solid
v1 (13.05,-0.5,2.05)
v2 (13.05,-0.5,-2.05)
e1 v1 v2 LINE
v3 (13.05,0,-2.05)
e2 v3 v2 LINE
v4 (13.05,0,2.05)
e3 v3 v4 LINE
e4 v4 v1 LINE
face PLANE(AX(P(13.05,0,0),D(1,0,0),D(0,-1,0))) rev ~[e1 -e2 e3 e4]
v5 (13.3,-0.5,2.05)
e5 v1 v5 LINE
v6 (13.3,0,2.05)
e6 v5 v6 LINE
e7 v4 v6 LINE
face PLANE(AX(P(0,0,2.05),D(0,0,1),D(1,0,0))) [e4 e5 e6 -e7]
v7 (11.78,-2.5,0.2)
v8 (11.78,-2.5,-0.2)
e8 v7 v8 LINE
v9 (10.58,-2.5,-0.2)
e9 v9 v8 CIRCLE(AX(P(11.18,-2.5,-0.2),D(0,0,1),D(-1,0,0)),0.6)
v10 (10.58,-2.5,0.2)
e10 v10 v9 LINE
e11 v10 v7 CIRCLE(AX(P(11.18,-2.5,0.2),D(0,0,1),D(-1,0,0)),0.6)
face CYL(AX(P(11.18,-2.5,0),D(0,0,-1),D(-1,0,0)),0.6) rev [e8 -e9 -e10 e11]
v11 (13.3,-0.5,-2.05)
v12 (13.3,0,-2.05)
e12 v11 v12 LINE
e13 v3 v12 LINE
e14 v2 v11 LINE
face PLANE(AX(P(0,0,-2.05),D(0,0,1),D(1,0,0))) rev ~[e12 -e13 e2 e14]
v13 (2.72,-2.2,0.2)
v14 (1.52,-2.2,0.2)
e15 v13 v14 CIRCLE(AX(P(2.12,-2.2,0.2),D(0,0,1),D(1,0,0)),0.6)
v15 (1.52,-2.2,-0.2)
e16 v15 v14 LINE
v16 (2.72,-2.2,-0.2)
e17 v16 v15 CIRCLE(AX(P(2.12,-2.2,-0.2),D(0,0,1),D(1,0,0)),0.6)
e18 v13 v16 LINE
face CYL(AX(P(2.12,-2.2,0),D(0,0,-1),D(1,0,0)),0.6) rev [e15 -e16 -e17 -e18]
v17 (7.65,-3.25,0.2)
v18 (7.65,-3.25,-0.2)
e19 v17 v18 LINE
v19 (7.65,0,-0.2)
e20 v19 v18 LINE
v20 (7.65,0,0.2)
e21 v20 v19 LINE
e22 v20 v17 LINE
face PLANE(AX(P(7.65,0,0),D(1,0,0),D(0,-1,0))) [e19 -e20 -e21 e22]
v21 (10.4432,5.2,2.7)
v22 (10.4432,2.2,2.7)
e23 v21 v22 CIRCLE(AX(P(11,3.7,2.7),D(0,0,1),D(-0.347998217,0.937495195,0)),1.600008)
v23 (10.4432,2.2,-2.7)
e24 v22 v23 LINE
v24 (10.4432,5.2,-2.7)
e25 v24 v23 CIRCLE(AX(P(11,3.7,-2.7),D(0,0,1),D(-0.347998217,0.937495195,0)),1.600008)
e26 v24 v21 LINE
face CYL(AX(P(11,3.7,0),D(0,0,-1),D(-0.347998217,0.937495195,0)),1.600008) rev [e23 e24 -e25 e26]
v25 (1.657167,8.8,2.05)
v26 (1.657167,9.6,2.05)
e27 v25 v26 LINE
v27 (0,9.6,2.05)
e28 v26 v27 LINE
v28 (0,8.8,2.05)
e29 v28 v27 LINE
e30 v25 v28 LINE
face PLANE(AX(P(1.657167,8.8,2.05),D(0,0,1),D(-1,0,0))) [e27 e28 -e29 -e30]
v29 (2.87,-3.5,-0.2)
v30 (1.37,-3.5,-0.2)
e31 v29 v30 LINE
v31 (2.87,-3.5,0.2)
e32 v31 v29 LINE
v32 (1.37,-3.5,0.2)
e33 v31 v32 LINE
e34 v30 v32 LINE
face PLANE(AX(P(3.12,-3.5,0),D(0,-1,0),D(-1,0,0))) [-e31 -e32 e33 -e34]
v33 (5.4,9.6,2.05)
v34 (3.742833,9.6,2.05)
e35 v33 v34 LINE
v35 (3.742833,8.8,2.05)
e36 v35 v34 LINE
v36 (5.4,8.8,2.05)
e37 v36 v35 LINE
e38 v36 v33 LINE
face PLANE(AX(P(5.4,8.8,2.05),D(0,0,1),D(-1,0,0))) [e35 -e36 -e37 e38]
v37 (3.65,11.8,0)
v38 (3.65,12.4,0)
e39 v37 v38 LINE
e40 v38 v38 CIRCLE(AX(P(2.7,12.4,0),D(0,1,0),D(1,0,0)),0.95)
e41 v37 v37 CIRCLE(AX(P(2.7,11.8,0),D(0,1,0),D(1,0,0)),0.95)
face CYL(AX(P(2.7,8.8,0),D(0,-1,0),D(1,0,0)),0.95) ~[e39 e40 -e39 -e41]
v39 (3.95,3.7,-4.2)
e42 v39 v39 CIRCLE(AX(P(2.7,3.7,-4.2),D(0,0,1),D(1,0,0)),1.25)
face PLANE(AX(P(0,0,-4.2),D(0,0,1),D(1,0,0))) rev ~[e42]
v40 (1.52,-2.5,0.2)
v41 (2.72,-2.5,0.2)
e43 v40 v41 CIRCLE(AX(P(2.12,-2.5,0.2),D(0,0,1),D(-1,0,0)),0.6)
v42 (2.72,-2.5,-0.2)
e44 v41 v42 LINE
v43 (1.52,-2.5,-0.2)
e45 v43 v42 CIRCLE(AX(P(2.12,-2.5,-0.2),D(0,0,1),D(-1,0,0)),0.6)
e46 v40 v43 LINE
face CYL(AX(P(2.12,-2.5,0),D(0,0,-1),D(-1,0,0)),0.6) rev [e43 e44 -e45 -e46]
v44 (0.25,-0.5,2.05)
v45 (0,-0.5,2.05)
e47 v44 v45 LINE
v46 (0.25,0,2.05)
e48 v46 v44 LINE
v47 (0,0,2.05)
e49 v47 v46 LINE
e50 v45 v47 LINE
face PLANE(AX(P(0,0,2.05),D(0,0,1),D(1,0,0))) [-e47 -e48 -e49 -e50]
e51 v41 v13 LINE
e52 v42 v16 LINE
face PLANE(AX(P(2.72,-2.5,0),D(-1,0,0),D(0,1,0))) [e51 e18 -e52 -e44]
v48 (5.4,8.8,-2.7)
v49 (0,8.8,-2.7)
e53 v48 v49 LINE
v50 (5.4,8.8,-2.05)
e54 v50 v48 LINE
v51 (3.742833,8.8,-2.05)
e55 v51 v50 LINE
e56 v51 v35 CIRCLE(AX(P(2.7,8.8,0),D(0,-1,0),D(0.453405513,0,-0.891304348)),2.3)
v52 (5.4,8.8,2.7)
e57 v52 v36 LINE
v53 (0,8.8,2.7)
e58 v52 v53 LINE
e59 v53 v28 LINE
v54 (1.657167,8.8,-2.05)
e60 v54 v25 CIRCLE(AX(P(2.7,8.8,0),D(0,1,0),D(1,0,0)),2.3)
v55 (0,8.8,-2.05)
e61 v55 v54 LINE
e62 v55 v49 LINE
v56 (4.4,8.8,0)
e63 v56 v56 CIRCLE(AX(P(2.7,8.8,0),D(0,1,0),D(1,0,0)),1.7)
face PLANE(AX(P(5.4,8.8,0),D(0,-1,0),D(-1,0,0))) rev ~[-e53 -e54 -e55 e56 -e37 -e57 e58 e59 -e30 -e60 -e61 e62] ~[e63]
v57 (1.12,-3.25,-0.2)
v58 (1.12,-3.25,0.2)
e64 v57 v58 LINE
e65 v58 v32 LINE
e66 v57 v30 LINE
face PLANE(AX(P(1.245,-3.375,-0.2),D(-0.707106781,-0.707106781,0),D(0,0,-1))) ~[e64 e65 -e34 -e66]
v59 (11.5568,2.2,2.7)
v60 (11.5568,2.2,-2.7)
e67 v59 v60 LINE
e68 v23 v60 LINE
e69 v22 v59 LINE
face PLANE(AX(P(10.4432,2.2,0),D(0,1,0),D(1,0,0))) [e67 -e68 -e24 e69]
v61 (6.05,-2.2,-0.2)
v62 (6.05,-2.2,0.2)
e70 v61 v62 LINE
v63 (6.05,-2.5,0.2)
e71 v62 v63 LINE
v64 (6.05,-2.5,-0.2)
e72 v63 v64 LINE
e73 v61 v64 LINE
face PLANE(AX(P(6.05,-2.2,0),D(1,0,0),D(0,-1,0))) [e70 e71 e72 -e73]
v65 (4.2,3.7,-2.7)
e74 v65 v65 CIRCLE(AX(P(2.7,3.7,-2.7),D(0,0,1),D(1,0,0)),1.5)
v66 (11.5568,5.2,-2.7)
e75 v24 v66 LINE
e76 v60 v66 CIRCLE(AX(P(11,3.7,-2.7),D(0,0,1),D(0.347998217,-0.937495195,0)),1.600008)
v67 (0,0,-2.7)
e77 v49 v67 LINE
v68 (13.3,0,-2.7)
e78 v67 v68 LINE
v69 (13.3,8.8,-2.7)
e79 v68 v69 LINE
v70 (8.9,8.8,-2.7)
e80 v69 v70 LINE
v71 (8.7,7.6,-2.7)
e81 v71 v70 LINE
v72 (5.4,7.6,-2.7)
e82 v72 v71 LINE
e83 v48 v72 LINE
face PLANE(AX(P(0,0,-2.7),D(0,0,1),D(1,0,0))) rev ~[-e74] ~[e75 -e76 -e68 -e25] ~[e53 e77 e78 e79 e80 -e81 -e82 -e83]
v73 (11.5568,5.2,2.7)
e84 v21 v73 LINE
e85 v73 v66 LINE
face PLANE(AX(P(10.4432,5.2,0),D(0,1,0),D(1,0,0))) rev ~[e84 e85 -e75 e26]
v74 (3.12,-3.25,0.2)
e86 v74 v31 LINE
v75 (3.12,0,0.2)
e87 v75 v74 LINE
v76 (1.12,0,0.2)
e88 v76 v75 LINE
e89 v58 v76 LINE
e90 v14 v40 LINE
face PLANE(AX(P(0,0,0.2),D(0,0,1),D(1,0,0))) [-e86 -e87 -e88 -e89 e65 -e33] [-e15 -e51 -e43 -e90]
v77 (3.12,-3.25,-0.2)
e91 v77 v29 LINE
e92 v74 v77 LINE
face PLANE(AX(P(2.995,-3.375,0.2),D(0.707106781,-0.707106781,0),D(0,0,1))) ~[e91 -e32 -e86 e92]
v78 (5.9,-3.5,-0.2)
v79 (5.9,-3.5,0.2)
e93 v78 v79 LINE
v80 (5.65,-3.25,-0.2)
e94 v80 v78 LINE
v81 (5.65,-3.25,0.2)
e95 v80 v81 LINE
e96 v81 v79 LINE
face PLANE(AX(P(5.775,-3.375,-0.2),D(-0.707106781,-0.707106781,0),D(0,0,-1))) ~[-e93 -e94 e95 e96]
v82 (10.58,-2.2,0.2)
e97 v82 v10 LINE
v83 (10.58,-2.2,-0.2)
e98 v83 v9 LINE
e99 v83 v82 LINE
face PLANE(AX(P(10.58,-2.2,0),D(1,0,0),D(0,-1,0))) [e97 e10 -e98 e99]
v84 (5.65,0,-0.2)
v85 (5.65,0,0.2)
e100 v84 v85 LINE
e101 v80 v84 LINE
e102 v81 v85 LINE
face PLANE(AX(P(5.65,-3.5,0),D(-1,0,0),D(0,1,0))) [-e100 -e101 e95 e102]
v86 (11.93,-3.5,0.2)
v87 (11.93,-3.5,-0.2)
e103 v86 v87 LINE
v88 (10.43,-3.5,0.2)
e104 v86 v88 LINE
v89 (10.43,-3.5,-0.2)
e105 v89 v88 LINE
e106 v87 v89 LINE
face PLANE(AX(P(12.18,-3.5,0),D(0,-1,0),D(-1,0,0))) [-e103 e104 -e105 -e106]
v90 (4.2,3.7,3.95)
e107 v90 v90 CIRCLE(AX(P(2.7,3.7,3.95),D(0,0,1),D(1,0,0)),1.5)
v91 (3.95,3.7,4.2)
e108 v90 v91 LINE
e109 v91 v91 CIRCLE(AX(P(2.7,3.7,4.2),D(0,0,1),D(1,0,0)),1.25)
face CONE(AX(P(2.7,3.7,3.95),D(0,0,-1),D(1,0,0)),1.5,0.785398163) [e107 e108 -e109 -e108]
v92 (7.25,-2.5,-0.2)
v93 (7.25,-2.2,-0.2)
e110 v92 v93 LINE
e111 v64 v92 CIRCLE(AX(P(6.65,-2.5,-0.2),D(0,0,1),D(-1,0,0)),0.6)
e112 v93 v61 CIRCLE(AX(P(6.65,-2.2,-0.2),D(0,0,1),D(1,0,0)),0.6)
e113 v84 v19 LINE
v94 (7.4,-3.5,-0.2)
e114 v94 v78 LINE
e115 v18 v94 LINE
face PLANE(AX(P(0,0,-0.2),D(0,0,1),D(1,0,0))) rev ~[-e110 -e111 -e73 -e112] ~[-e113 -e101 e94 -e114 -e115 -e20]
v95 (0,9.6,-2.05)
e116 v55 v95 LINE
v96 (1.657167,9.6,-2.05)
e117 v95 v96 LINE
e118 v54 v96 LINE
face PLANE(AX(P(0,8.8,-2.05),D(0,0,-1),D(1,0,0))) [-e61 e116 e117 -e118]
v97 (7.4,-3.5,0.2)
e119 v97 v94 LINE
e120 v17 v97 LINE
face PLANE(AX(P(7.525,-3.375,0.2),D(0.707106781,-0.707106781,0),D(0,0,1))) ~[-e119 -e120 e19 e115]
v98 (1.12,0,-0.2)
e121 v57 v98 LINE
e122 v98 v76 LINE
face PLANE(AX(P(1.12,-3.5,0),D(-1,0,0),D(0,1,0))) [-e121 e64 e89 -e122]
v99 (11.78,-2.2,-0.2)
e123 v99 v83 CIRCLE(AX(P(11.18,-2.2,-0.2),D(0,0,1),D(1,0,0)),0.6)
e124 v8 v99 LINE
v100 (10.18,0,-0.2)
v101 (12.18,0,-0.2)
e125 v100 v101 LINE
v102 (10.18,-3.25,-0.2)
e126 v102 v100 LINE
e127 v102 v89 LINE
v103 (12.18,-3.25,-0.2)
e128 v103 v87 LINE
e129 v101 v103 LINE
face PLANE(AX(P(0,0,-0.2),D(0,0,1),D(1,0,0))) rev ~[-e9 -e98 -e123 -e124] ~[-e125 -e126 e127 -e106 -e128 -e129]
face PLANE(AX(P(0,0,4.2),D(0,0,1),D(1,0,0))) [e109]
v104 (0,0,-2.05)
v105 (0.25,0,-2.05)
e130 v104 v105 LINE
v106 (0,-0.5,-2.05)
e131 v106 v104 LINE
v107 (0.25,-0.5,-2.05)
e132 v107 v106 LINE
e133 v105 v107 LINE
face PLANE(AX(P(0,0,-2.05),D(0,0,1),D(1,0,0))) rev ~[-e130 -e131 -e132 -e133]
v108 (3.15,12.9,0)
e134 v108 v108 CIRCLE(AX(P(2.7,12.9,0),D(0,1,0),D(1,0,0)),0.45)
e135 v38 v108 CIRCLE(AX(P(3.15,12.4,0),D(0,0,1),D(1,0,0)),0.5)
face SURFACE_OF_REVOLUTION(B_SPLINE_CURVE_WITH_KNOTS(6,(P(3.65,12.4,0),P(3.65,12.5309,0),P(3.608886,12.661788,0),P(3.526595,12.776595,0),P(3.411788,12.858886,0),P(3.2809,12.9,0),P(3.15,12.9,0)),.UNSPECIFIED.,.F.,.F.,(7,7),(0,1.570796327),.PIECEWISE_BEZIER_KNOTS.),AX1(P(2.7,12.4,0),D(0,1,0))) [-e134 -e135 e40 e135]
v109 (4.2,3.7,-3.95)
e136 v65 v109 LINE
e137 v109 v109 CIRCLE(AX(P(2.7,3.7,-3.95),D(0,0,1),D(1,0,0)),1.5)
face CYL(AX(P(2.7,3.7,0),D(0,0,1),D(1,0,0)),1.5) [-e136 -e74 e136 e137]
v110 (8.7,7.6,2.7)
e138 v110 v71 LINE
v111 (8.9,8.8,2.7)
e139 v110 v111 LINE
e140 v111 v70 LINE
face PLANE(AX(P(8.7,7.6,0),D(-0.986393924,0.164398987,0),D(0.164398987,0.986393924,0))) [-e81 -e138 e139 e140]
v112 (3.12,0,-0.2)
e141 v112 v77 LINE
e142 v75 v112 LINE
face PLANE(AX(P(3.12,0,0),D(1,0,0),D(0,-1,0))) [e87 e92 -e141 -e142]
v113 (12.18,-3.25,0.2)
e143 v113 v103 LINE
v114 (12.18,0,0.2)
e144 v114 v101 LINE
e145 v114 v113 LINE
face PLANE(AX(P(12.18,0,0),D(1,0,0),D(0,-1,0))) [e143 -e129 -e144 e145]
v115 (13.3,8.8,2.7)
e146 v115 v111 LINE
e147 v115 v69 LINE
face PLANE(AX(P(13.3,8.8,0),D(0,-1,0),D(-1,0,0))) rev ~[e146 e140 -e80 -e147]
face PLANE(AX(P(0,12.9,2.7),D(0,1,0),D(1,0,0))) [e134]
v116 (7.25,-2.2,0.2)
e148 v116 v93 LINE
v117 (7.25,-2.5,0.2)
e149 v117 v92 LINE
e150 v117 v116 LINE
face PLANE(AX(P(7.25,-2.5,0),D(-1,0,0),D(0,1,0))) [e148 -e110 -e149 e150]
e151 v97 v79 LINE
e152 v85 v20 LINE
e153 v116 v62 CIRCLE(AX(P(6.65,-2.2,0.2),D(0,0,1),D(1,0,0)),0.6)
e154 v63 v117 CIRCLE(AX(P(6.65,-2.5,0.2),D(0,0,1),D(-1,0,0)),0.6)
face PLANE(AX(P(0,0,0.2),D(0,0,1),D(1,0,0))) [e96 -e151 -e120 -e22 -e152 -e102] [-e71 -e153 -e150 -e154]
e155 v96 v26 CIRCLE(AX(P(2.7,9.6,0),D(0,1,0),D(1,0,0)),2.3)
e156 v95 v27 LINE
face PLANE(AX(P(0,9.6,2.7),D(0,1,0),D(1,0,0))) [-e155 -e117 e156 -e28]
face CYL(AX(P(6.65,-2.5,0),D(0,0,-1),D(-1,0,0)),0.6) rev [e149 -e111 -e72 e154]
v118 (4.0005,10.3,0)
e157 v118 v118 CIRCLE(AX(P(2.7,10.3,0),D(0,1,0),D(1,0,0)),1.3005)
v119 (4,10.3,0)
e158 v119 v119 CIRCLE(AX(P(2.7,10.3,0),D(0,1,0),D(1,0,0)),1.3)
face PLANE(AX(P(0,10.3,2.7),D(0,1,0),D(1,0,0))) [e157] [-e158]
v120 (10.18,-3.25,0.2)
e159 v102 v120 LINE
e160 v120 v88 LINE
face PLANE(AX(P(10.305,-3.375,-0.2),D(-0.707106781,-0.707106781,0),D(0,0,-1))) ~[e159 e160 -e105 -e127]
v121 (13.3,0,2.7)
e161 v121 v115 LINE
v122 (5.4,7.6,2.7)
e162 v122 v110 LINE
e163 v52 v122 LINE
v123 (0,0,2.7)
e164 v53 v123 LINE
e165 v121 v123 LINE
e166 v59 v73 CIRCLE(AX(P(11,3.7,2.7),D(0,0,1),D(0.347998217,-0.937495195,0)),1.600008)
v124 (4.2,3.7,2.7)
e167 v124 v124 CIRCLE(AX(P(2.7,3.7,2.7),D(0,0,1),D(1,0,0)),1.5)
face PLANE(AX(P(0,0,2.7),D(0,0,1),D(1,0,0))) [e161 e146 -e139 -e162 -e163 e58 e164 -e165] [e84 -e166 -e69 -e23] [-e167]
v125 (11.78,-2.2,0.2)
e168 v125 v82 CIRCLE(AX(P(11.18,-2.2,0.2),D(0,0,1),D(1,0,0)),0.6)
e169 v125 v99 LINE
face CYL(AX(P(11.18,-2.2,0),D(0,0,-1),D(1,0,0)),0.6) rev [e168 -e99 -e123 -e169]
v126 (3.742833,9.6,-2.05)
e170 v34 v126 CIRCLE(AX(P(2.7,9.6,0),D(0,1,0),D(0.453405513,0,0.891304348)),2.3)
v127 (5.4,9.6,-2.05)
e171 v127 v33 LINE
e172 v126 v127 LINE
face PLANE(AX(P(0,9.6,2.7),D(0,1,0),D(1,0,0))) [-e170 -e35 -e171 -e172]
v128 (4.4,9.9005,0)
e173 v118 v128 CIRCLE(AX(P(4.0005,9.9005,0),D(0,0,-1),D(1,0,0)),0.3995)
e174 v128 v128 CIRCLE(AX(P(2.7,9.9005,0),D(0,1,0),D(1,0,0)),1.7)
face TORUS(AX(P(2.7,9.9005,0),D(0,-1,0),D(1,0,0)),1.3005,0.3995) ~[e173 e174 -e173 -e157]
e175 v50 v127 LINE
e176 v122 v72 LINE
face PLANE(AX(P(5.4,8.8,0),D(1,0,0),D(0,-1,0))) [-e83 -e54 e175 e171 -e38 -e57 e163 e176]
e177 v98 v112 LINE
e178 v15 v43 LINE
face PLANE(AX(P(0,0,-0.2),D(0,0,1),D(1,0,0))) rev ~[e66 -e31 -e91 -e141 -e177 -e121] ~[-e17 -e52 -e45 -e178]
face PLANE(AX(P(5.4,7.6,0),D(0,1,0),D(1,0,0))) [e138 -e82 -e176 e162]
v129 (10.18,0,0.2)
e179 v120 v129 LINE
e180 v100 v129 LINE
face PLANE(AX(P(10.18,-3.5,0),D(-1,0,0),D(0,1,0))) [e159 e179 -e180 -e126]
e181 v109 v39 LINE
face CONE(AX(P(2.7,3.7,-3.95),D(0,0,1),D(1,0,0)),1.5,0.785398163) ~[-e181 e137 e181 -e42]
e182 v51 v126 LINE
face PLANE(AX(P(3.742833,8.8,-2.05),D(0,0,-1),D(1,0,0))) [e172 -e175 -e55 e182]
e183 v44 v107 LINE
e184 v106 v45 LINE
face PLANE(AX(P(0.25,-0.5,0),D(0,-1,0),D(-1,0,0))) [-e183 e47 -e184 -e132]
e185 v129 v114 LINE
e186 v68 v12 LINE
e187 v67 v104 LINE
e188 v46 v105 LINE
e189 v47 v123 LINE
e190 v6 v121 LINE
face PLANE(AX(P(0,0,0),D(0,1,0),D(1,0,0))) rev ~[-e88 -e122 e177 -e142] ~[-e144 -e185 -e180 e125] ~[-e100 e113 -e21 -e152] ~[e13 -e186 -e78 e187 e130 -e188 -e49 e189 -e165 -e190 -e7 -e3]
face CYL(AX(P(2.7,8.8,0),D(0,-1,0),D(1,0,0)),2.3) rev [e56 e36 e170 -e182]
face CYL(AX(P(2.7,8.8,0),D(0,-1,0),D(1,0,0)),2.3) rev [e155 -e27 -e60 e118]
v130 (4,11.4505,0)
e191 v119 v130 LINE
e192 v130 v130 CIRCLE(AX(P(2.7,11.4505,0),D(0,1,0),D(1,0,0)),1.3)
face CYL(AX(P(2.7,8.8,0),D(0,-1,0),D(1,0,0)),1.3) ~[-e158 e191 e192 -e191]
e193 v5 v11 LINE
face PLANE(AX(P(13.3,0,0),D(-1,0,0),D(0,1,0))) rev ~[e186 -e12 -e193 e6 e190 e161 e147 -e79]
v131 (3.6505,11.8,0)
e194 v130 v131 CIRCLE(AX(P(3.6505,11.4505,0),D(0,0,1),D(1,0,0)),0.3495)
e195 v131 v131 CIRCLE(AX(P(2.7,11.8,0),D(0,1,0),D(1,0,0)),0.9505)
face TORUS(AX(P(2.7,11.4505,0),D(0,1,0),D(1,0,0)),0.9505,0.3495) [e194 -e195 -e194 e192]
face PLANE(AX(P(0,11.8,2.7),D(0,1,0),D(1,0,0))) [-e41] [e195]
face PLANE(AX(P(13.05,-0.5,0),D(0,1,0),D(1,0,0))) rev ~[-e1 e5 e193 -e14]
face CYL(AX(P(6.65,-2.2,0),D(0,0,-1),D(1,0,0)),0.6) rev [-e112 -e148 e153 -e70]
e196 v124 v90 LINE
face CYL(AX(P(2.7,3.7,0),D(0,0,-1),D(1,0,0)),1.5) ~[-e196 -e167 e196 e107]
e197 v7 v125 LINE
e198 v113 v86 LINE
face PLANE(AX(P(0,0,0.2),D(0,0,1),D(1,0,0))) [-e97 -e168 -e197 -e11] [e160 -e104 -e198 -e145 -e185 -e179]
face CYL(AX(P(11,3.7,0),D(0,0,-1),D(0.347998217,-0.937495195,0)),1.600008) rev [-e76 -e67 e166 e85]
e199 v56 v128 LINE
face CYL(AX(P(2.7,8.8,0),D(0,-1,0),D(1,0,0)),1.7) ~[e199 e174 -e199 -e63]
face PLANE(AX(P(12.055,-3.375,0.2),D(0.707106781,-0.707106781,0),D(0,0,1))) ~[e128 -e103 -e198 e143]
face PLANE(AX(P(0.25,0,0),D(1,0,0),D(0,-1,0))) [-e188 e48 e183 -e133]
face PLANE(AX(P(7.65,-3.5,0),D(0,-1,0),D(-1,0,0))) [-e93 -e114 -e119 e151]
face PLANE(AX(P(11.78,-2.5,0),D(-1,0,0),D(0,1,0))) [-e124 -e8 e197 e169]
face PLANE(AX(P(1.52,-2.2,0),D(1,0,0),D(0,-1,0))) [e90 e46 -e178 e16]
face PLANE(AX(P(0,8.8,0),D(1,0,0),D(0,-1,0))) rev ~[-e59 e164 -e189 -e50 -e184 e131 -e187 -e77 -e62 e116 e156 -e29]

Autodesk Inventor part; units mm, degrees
ref_plane "YZ Plane" through (0, 0, 0) normal (1, 0, 0) x (0, 1, 0)
ref_plane "XZ Plane" through (0, 0, 0) normal (0, 1, 0) x (-1, 0, 0)
ref_plane "XY Plane" through (0, 0, 0) normal (0, 0, 1) x (1, 0, 0)
sketch "Skizze1" plane through (0, 0, 0) normal (0, 0, 1) x (1, 0, 0)
  line L0 (0, 0) -> (13.3, 0)
  line L1 (13.3, 0) -> (13.3, 8.8)
  line L2 (13.3, 8.8) -> (0, 8.8)
  line L3 (0, 8.8) -> (0, 0)
  circle A0 centre (2.7, 3.7) radius 1.5
  line L4 (0, 3.7) -> (13.3, 3.7) construction
  line L5 (10.4432, 5.2) -> (11.5568, 5.2)
  line L6 (10.4432, 2.2) -> (11.5568, 2.2)
  arc A1 (10.4432, 5.2) -> (10.4432, 2.2) centre (11, 3.7) ccw
  arc A2 (11.5568, 2.2) -> (11.5568, 5.2) centre (11, 3.7) ccw
  circle A3 centre (11, 3.7) radius 1.6 construction
  line L7 (1.12, 0) -> (3.12, 0)
  line L8 (3.12, 0) -> (3.12, -3.5)
  line L9 (3.12, -3.5) -> (1.12, -3.5)
  line L10 (1.12, -3.5) -> (1.12, 0)
  line L11 (5.65, 0) -> (7.65, 0)
  line L12 (7.65, 0) -> (7.65, -3.5)
  line L13 (7.65, -3.5) -> (5.65, -3.5)
  line L14 (5.65, -3.5) -> (5.65, 0)
  line L15 (10.18, 0) -> (12.18, 0)
  line L16 (12.18, 0) -> (12.18, -3.5)
  line L17 (12.18, -3.5) -> (10.18, -3.5)
  line L18 (10.18, -3.5) -> (10.18, 0)
  line L19 (0, 0) -> (0.25, 0)
  line L20 (0.25, 0) -> (0.25, -0.5)
  line L21 (0.25, -0.5) -> (0, -0.5)
  line L22 (0, -0.5) -> (0, 0)
  line L23 (13.3, 0) -> (13.05, 0)
  line L24 (13.05, 0) -> (13.05, -0.5)
  line L25 (13.05, -0.5) -> (13.3, -0.5)
  line L26 (13.3, -0.5) -> (13.3, 0)
  line L27 (2.12, 0) -> (2.12, -3.5) construction
  line L28 (6.65, 0) -> (6.65, -3.5) construction
  line L29 (11.18, 0) -> (11.18, -3.5) construction
  line L30 (11.18, -1.6) -> (11.18, -3.1) construction
  line L31 (10.58, -2.2) -> (10.58, -2.5)
  line L32 (11.78, -2.5) -> (11.78, -2.2)
  arc A4 (11.78, -2.2) -> (10.58, -2.2) centre (11.18, -2.2) ccw
  arc A5 (10.58, -2.5) -> (11.78, -2.5) centre (11.18, -2.5) ccw
  line L33 (2.12, -1.6) -> (2.12, -3.1) construction
  line L34 (1.52, -2.2) -> (1.52, -2.5)
  line L35 (2.72, -2.5) -> (2.72, -2.2)
  arc A6 (2.72, -2.2) -> (1.52, -2.2) centre (2.12, -2.2) ccw
  arc A7 (1.52, -2.5) -> (2.72, -2.5) centre (2.12, -2.5) ccw
  line L36 (6.65, -1.6) -> (6.65, -3.1) construction
  line L37 (6.05, -2.2) -> (6.05, -2.5)
  line L38 (7.25, -2.5) -> (7.25, -2.2)
  arc A8 (7.25, -2.2) -> (6.05, -2.2) centre (6.65, -2.2) ccw
  arc A9 (6.05, -2.5) -> (7.25, -2.5) centre (6.65, -2.5) ccw
  line L39 (5.4, 8.8) -> (5.4, 7.6)
  line L40 (5.4, 7.6) -> (8.7, 7.6)
  line L41 (8.7, 7.6) -> (8.9, 8.8)
  point P0 (13.175, -0.5)
  point P1 (11.18, -2.35)
  point P2 (2.12, -2.35)
  point P3 (6.65, -2.35)
  dimension "d0" = 13.3
  dimension "d3" = 3
  dimension "d4" = 3.7
  dimension "d5" = 5.1
  dimension "d6" = 3
  dimension "d7" = 2.7
  dimension "d8" = 8.3
  dimension "d10" = 3.2
  dimension "d11" = 4.2
  dimension "d12" = 0.25
  dimension "d13" = 0.25
  dimension "d14" = 4.53
  dimension "d15" = 4.53
  dimension "d16" = 2
  dimension "d17" = 3
  dimension "d18" = 1.5
  dimension "d19" = 1.2
  dimension "d23" = 1.5
  dimension "d24" = 1.2
  dimension "d25" = 0.4
  dimension "d26" = 0.4
  dimension "d27" = 1.5
  dimension "d28" = 1.2
  dimension "d29" = 0.4
  dimension "d30" = 5.4
  dimension "d32" = 3.3
  dimension "d33" = 1.2
  dimension "d34" = 3.5
extrude "Extrusion1" add sketch "Skizze1" along normal mid plane 5.4 contours L3 L2 L39 L40 L41 L1 L0
extrude "Extrusion2" add sketch "Skizze1" along normal mid plane 8.4 contours A0
extrude "Extrusion3" add sketch "Skizze1" along normal mid plane 0.4 contours L0 L8 L9 L10 | L0 L12 L13 L14 | L0 L16 L17 L18
extrude "Extrusion4" add sketch "Skizze1" along normal mid plane 4.1 contours L0 L20 L21 L22 | L26 L25 L24 L0
chamfer "Fase1" distance 0.25 angle 45 2 edges at (1.2, 3.7, 4.2) (1.2, 3.7, -4.2)
chamfer "Fase2" distance 0.25 angle 45 6 edges at (12.18, -3.5, 0) (10.18, -3.5, 0) (7.65, -3.5, 0) (5.65, -3.5, 0) (3.12, -3.5, 0) (1.12, -3.5, 0)
sketch "Skizze2" plane through (0, 8.8, 2.7) normal (0, 1, 0) x (1, 0, 0)
  line L0 (0, 5.4) -> (0, 0) projected
  line L1 (5.4, 0) -> (0, 0) projected
  line L2 (5.4, 5.4) -> (5.4, 0) projected
  line L3 (0, 5.4) -> (5.4, 5.4) projected
  circle A0 centre (2.7, 2.7) radius 2.7 construction
  circle A1 centre (2.7, 2.7) radius 1.7
  circle A2 centre (2.7, 2.7) radius 1.3
  circle A3 centre (2.7, 2.7) radius 0.95
  line L4 (5.4, 5.4) -> (5.4, 0) projected
  line L5 (0, 4.75) -> (5.4, 4.75)
  line L6 (5.4, 4.75) -> (5.4, 0.65)
  line L7 (5.4, 0.65) -> (0, 0.65)
  line L8 (0, 0.65) -> (0, 4.75)
  line L9 (0, 4.75) -> (5.4, 0.65) construction
  line L10 (5.4, 4.75) -> (0, 0.65) construction
  circle A4 centre (2.7, 2.7) radius 2.3
  point P0 (0, 2.7)
  point P1 (3.7428, 4.75)
  point P2 (3.7428, 0.65)
  point P3 (5.4, 0.65)
  point P4 (1.6572, 0.65)
  point P5 (1.6572, 4.75)
  dimension "d49" = 1.9
  dimension "d50" = 2.6
  dimension "d51" = 3.4
  dimension "d61" = 4.1
  dimension "d62" = 4.6
extrude "Extrusion5" add sketch "Skizze2" along normal blind 4.1 contours A3
extrude "Extrusion6" add sketch "Skizze2" along normal blind 3 contours A2
extrude "Extrusion7" add sketch "Skizze2" along normal blind 1.5 contours A1
fillet "Rundung1" radius 0.5 1 edges at (1.75, 12.9, 0)
fillet "Rundung2" radius 0.4 1 edges at (1, 10.3, 0)
fillet "Rundung3" radius 0.35 1 edges at (1.4, 11.8, 0)
extrude "Extrusion8" add sketch "Skizze2" along normal blind 0.8 contours L5 A4 L7 L0 | L2 L7 A4 L5
properties part number "Microswitch Panasonic" material "PVC, hart"
